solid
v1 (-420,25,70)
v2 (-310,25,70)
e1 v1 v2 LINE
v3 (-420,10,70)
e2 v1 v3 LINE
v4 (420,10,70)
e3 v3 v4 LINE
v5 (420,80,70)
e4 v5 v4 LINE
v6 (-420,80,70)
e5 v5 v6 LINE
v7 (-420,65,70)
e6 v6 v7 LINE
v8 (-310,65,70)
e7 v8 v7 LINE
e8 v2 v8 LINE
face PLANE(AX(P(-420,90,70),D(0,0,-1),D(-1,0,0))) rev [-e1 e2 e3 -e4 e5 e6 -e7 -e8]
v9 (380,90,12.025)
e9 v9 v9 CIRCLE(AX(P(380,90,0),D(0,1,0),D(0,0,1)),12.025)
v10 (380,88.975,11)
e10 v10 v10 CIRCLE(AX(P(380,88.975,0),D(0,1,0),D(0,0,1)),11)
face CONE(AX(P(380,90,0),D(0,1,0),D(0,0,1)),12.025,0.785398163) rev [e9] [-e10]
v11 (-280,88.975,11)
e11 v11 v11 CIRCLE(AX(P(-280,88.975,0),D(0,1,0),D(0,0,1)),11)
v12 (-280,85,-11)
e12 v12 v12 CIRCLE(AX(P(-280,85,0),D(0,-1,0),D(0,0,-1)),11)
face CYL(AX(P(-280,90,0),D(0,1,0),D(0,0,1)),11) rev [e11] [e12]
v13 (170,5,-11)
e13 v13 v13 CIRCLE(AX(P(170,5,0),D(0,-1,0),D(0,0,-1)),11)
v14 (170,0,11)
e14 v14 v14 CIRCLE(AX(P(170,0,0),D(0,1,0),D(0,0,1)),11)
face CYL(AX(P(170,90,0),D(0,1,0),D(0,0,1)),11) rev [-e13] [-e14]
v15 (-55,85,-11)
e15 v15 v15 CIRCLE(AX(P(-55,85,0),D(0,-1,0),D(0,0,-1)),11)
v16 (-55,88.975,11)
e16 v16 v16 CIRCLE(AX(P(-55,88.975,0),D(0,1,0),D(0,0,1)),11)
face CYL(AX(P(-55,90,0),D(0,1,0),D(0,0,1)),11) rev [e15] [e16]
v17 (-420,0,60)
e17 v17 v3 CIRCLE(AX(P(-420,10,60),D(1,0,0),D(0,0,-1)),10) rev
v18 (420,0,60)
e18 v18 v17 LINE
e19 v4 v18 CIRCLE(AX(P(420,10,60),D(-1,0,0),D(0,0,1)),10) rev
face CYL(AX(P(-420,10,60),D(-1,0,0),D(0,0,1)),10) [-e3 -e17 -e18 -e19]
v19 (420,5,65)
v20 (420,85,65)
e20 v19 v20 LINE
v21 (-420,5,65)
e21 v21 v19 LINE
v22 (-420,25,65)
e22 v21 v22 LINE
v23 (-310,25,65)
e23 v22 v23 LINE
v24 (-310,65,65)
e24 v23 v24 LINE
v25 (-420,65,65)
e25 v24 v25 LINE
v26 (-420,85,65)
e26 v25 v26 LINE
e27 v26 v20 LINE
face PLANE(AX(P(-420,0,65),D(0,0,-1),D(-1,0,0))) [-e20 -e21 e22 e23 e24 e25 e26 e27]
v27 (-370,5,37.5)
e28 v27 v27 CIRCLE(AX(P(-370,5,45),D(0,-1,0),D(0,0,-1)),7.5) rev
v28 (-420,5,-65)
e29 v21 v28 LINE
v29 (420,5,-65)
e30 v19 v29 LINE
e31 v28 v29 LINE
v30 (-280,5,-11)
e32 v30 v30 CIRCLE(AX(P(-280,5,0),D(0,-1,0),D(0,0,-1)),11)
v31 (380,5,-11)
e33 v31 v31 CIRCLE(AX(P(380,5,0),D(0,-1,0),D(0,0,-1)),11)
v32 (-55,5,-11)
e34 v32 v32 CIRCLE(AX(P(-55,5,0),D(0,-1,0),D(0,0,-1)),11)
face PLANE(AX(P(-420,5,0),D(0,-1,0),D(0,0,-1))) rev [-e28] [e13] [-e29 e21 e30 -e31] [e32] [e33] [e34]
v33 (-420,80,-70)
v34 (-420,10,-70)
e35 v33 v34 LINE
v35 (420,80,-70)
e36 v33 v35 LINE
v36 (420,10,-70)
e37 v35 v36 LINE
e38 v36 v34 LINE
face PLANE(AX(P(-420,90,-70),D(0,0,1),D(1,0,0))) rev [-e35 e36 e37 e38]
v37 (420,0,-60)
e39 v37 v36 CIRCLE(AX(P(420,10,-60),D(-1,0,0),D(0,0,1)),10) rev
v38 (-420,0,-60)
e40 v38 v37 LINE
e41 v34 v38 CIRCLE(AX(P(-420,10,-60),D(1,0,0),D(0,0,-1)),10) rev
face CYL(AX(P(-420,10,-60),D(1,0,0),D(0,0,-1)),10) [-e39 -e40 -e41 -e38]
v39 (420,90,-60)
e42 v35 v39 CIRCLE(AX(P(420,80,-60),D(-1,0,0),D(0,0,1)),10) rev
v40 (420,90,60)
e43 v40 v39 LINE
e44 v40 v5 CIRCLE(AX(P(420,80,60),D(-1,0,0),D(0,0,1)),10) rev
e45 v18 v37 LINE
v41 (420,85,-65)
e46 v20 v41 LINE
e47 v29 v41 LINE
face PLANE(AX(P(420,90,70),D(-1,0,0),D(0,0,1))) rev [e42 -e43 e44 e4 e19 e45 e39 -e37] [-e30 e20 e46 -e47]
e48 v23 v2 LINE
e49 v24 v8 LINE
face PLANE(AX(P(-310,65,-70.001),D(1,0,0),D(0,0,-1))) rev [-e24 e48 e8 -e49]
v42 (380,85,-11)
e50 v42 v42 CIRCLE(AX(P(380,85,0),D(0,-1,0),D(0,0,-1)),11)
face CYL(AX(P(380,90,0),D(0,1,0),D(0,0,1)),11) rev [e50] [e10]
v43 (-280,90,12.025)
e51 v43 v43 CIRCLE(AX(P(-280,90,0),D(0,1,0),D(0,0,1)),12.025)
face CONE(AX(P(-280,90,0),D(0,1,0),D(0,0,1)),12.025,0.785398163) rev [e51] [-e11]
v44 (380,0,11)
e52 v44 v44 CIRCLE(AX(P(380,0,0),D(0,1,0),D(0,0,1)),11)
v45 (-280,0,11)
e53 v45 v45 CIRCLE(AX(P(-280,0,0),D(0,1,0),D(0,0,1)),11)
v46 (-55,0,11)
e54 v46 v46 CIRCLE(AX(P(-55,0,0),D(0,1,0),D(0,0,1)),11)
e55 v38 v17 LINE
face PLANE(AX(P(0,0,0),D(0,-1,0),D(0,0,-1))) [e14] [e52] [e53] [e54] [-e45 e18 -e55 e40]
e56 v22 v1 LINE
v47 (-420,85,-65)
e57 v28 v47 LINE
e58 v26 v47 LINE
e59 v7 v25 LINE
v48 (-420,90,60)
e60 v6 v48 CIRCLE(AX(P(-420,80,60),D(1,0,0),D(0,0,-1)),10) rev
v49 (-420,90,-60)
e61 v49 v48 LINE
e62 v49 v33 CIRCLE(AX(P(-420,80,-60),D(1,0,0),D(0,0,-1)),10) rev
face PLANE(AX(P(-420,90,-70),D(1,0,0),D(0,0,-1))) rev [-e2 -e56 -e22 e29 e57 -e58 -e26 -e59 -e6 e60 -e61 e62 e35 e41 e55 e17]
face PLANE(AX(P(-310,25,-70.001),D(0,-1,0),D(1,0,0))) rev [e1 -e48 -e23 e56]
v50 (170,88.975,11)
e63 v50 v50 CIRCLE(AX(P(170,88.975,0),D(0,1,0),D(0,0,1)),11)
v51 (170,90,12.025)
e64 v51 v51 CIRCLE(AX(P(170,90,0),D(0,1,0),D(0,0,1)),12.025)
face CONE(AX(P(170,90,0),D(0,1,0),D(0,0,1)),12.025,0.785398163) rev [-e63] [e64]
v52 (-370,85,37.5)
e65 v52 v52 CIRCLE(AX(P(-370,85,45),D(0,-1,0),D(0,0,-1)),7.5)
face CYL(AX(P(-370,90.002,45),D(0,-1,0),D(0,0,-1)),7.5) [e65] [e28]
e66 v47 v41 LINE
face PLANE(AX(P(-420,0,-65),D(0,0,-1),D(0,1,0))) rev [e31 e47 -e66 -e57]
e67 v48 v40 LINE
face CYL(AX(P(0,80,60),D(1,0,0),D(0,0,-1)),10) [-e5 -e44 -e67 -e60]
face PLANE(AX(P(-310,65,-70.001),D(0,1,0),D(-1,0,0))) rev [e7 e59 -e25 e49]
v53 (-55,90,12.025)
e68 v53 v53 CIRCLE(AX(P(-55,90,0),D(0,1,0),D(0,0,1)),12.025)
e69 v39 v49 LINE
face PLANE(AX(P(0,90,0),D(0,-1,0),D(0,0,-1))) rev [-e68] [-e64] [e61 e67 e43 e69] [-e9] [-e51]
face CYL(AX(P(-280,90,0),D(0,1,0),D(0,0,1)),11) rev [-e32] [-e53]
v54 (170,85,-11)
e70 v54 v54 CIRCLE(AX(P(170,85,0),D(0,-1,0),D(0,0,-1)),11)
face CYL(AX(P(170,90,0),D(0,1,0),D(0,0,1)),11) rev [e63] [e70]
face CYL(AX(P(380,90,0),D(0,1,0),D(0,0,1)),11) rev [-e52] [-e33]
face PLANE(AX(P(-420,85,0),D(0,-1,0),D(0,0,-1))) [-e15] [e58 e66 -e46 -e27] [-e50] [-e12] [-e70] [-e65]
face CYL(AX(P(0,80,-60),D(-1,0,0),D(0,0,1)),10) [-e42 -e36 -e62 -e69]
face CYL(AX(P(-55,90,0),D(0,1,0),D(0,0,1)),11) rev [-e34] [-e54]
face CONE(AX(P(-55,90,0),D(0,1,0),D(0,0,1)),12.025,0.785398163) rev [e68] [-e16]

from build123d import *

# Parameters (mm, degrees)
SKETCH1_W                        = 840
SKETCH1_H                        = 140
BOSS_EXTRUDE1_DEPTH              = 90
SKETCH2_W                        = 130
SKETCH2_H                        = 80
CUT_EXTRUDE1_DEPTH               = 848.702778101
FILLET2_R                        = 10
FILLET4_R                        = 10
M24X2_0_TAPPED_HOLE1_D           = 22
M24X2_0_TAPPED_HOLE1_CSINK_D     = 24.05
M24X2_0_TAPPED_HOLE1_CSINK_ANGLE = 90
CUT_EXTRUDE2_REACH               = 453.774
SKETCH7_W                        = 127
SKETCH7_H                        = 40
BOSS_EXTRUDE2_REACH              = 436.195
SKETCH8_R                        = 7.5


with BuildPart() as part:
    # Sketch1 → Boss-Extrude1 (new body)
    with BuildSketch(Plane(origin=(0, 0, 0), x_dir=(1, 0, 0), z_dir=(0, 1, 0))):
        Rectangle(SKETCH1_W, SKETCH1_H)
    extrude(amount=BOSS_EXTRUDE1_DEPTH)

    # Sketch2 → Cut-Extrude1 (cut, through all)
    with BuildSketch(Plane(origin=(420, 0, 0), x_dir=(0, 0, -1), z_dir=(1, 0, 0))):
        with Locations((0, 45)):
            Rectangle(SKETCH2_W, SKETCH2_H)
    extrude(amount=-CUT_EXTRUDE1_DEPTH, mode=Mode.SUBTRACT)

    # Fillet2
    fillet2_edges = [part.edges().sort_by_distance(p)[0] for p in [
        (0, 0, -70),
        (0, 90, -70),
    ]]
    fillet(fillet2_edges, radius=FILLET2_R)

    # Fillet4
    fillet4_edges = [part.edges().sort_by_distance(p)[0] for p in [
        (0, 90, 70),
        (0, 0, 70),
    ]]
    fillet(fillet4_edges, radius=FILLET4_R)

    # M24x2.0 Tapped Hole1 (through all)
    with Locations(Plane(origin=(0, 90, 0), x_dir=(1, 0, 0), z_dir=(0, 1, 0))):
        with Locations((-55, 0), (170, 0), (-280, 0), (380, 0)):
            CounterSinkHole(M24X2_0_TAPPED_HOLE1_D / 2, M24X2_0_TAPPED_HOLE1_CSINK_D / 2, counter_sink_angle=M24X2_0_TAPPED_HOLE1_CSINK_ANGLE)

    # Sketch7 → Cut-Extrude2 (cut, up to next)
    with BuildSketch(Plane.XY.offset(70), mode=Mode.PRIVATE) as cut_extrude2_sk1:
        with Locations((-373.5, 45)):
            Rectangle(SKETCH7_W, SKETCH7_H)
    cut_extrude2_tool1 = extrude(cut_extrude2_sk1.sketch, amount=-CUT_EXTRUDE2_REACH, mode=Mode.PRIVATE) & part.part
    add(cut_extrude2_tool1.solids().sort_by_distance((-373.5, 45, 70))[0], mode=Mode.SUBTRACT)

    # Sketch8 → Boss-Extrude2 (add, up to next)
    with BuildSketch(Plane(origin=(0, 5, 0), x_dir=(1, 0, 0), z_dir=(0, 1, 0)), mode=Mode.PRIVATE) as boss_extrude2_sk1:
        with Locations(Location((-370, -45, 0), (0, 0, 90))):
            Circle(SKETCH8_R)
    boss_extrude2_tool1 = extrude(boss_extrude2_sk1.sketch, amount=BOSS_EXTRUDE2_REACH, mode=Mode.PRIVATE) - part.part
    add(boss_extrude2_tool1.solids().sort_by_distance((-370, 5, 45))[0])


solid = part.part
